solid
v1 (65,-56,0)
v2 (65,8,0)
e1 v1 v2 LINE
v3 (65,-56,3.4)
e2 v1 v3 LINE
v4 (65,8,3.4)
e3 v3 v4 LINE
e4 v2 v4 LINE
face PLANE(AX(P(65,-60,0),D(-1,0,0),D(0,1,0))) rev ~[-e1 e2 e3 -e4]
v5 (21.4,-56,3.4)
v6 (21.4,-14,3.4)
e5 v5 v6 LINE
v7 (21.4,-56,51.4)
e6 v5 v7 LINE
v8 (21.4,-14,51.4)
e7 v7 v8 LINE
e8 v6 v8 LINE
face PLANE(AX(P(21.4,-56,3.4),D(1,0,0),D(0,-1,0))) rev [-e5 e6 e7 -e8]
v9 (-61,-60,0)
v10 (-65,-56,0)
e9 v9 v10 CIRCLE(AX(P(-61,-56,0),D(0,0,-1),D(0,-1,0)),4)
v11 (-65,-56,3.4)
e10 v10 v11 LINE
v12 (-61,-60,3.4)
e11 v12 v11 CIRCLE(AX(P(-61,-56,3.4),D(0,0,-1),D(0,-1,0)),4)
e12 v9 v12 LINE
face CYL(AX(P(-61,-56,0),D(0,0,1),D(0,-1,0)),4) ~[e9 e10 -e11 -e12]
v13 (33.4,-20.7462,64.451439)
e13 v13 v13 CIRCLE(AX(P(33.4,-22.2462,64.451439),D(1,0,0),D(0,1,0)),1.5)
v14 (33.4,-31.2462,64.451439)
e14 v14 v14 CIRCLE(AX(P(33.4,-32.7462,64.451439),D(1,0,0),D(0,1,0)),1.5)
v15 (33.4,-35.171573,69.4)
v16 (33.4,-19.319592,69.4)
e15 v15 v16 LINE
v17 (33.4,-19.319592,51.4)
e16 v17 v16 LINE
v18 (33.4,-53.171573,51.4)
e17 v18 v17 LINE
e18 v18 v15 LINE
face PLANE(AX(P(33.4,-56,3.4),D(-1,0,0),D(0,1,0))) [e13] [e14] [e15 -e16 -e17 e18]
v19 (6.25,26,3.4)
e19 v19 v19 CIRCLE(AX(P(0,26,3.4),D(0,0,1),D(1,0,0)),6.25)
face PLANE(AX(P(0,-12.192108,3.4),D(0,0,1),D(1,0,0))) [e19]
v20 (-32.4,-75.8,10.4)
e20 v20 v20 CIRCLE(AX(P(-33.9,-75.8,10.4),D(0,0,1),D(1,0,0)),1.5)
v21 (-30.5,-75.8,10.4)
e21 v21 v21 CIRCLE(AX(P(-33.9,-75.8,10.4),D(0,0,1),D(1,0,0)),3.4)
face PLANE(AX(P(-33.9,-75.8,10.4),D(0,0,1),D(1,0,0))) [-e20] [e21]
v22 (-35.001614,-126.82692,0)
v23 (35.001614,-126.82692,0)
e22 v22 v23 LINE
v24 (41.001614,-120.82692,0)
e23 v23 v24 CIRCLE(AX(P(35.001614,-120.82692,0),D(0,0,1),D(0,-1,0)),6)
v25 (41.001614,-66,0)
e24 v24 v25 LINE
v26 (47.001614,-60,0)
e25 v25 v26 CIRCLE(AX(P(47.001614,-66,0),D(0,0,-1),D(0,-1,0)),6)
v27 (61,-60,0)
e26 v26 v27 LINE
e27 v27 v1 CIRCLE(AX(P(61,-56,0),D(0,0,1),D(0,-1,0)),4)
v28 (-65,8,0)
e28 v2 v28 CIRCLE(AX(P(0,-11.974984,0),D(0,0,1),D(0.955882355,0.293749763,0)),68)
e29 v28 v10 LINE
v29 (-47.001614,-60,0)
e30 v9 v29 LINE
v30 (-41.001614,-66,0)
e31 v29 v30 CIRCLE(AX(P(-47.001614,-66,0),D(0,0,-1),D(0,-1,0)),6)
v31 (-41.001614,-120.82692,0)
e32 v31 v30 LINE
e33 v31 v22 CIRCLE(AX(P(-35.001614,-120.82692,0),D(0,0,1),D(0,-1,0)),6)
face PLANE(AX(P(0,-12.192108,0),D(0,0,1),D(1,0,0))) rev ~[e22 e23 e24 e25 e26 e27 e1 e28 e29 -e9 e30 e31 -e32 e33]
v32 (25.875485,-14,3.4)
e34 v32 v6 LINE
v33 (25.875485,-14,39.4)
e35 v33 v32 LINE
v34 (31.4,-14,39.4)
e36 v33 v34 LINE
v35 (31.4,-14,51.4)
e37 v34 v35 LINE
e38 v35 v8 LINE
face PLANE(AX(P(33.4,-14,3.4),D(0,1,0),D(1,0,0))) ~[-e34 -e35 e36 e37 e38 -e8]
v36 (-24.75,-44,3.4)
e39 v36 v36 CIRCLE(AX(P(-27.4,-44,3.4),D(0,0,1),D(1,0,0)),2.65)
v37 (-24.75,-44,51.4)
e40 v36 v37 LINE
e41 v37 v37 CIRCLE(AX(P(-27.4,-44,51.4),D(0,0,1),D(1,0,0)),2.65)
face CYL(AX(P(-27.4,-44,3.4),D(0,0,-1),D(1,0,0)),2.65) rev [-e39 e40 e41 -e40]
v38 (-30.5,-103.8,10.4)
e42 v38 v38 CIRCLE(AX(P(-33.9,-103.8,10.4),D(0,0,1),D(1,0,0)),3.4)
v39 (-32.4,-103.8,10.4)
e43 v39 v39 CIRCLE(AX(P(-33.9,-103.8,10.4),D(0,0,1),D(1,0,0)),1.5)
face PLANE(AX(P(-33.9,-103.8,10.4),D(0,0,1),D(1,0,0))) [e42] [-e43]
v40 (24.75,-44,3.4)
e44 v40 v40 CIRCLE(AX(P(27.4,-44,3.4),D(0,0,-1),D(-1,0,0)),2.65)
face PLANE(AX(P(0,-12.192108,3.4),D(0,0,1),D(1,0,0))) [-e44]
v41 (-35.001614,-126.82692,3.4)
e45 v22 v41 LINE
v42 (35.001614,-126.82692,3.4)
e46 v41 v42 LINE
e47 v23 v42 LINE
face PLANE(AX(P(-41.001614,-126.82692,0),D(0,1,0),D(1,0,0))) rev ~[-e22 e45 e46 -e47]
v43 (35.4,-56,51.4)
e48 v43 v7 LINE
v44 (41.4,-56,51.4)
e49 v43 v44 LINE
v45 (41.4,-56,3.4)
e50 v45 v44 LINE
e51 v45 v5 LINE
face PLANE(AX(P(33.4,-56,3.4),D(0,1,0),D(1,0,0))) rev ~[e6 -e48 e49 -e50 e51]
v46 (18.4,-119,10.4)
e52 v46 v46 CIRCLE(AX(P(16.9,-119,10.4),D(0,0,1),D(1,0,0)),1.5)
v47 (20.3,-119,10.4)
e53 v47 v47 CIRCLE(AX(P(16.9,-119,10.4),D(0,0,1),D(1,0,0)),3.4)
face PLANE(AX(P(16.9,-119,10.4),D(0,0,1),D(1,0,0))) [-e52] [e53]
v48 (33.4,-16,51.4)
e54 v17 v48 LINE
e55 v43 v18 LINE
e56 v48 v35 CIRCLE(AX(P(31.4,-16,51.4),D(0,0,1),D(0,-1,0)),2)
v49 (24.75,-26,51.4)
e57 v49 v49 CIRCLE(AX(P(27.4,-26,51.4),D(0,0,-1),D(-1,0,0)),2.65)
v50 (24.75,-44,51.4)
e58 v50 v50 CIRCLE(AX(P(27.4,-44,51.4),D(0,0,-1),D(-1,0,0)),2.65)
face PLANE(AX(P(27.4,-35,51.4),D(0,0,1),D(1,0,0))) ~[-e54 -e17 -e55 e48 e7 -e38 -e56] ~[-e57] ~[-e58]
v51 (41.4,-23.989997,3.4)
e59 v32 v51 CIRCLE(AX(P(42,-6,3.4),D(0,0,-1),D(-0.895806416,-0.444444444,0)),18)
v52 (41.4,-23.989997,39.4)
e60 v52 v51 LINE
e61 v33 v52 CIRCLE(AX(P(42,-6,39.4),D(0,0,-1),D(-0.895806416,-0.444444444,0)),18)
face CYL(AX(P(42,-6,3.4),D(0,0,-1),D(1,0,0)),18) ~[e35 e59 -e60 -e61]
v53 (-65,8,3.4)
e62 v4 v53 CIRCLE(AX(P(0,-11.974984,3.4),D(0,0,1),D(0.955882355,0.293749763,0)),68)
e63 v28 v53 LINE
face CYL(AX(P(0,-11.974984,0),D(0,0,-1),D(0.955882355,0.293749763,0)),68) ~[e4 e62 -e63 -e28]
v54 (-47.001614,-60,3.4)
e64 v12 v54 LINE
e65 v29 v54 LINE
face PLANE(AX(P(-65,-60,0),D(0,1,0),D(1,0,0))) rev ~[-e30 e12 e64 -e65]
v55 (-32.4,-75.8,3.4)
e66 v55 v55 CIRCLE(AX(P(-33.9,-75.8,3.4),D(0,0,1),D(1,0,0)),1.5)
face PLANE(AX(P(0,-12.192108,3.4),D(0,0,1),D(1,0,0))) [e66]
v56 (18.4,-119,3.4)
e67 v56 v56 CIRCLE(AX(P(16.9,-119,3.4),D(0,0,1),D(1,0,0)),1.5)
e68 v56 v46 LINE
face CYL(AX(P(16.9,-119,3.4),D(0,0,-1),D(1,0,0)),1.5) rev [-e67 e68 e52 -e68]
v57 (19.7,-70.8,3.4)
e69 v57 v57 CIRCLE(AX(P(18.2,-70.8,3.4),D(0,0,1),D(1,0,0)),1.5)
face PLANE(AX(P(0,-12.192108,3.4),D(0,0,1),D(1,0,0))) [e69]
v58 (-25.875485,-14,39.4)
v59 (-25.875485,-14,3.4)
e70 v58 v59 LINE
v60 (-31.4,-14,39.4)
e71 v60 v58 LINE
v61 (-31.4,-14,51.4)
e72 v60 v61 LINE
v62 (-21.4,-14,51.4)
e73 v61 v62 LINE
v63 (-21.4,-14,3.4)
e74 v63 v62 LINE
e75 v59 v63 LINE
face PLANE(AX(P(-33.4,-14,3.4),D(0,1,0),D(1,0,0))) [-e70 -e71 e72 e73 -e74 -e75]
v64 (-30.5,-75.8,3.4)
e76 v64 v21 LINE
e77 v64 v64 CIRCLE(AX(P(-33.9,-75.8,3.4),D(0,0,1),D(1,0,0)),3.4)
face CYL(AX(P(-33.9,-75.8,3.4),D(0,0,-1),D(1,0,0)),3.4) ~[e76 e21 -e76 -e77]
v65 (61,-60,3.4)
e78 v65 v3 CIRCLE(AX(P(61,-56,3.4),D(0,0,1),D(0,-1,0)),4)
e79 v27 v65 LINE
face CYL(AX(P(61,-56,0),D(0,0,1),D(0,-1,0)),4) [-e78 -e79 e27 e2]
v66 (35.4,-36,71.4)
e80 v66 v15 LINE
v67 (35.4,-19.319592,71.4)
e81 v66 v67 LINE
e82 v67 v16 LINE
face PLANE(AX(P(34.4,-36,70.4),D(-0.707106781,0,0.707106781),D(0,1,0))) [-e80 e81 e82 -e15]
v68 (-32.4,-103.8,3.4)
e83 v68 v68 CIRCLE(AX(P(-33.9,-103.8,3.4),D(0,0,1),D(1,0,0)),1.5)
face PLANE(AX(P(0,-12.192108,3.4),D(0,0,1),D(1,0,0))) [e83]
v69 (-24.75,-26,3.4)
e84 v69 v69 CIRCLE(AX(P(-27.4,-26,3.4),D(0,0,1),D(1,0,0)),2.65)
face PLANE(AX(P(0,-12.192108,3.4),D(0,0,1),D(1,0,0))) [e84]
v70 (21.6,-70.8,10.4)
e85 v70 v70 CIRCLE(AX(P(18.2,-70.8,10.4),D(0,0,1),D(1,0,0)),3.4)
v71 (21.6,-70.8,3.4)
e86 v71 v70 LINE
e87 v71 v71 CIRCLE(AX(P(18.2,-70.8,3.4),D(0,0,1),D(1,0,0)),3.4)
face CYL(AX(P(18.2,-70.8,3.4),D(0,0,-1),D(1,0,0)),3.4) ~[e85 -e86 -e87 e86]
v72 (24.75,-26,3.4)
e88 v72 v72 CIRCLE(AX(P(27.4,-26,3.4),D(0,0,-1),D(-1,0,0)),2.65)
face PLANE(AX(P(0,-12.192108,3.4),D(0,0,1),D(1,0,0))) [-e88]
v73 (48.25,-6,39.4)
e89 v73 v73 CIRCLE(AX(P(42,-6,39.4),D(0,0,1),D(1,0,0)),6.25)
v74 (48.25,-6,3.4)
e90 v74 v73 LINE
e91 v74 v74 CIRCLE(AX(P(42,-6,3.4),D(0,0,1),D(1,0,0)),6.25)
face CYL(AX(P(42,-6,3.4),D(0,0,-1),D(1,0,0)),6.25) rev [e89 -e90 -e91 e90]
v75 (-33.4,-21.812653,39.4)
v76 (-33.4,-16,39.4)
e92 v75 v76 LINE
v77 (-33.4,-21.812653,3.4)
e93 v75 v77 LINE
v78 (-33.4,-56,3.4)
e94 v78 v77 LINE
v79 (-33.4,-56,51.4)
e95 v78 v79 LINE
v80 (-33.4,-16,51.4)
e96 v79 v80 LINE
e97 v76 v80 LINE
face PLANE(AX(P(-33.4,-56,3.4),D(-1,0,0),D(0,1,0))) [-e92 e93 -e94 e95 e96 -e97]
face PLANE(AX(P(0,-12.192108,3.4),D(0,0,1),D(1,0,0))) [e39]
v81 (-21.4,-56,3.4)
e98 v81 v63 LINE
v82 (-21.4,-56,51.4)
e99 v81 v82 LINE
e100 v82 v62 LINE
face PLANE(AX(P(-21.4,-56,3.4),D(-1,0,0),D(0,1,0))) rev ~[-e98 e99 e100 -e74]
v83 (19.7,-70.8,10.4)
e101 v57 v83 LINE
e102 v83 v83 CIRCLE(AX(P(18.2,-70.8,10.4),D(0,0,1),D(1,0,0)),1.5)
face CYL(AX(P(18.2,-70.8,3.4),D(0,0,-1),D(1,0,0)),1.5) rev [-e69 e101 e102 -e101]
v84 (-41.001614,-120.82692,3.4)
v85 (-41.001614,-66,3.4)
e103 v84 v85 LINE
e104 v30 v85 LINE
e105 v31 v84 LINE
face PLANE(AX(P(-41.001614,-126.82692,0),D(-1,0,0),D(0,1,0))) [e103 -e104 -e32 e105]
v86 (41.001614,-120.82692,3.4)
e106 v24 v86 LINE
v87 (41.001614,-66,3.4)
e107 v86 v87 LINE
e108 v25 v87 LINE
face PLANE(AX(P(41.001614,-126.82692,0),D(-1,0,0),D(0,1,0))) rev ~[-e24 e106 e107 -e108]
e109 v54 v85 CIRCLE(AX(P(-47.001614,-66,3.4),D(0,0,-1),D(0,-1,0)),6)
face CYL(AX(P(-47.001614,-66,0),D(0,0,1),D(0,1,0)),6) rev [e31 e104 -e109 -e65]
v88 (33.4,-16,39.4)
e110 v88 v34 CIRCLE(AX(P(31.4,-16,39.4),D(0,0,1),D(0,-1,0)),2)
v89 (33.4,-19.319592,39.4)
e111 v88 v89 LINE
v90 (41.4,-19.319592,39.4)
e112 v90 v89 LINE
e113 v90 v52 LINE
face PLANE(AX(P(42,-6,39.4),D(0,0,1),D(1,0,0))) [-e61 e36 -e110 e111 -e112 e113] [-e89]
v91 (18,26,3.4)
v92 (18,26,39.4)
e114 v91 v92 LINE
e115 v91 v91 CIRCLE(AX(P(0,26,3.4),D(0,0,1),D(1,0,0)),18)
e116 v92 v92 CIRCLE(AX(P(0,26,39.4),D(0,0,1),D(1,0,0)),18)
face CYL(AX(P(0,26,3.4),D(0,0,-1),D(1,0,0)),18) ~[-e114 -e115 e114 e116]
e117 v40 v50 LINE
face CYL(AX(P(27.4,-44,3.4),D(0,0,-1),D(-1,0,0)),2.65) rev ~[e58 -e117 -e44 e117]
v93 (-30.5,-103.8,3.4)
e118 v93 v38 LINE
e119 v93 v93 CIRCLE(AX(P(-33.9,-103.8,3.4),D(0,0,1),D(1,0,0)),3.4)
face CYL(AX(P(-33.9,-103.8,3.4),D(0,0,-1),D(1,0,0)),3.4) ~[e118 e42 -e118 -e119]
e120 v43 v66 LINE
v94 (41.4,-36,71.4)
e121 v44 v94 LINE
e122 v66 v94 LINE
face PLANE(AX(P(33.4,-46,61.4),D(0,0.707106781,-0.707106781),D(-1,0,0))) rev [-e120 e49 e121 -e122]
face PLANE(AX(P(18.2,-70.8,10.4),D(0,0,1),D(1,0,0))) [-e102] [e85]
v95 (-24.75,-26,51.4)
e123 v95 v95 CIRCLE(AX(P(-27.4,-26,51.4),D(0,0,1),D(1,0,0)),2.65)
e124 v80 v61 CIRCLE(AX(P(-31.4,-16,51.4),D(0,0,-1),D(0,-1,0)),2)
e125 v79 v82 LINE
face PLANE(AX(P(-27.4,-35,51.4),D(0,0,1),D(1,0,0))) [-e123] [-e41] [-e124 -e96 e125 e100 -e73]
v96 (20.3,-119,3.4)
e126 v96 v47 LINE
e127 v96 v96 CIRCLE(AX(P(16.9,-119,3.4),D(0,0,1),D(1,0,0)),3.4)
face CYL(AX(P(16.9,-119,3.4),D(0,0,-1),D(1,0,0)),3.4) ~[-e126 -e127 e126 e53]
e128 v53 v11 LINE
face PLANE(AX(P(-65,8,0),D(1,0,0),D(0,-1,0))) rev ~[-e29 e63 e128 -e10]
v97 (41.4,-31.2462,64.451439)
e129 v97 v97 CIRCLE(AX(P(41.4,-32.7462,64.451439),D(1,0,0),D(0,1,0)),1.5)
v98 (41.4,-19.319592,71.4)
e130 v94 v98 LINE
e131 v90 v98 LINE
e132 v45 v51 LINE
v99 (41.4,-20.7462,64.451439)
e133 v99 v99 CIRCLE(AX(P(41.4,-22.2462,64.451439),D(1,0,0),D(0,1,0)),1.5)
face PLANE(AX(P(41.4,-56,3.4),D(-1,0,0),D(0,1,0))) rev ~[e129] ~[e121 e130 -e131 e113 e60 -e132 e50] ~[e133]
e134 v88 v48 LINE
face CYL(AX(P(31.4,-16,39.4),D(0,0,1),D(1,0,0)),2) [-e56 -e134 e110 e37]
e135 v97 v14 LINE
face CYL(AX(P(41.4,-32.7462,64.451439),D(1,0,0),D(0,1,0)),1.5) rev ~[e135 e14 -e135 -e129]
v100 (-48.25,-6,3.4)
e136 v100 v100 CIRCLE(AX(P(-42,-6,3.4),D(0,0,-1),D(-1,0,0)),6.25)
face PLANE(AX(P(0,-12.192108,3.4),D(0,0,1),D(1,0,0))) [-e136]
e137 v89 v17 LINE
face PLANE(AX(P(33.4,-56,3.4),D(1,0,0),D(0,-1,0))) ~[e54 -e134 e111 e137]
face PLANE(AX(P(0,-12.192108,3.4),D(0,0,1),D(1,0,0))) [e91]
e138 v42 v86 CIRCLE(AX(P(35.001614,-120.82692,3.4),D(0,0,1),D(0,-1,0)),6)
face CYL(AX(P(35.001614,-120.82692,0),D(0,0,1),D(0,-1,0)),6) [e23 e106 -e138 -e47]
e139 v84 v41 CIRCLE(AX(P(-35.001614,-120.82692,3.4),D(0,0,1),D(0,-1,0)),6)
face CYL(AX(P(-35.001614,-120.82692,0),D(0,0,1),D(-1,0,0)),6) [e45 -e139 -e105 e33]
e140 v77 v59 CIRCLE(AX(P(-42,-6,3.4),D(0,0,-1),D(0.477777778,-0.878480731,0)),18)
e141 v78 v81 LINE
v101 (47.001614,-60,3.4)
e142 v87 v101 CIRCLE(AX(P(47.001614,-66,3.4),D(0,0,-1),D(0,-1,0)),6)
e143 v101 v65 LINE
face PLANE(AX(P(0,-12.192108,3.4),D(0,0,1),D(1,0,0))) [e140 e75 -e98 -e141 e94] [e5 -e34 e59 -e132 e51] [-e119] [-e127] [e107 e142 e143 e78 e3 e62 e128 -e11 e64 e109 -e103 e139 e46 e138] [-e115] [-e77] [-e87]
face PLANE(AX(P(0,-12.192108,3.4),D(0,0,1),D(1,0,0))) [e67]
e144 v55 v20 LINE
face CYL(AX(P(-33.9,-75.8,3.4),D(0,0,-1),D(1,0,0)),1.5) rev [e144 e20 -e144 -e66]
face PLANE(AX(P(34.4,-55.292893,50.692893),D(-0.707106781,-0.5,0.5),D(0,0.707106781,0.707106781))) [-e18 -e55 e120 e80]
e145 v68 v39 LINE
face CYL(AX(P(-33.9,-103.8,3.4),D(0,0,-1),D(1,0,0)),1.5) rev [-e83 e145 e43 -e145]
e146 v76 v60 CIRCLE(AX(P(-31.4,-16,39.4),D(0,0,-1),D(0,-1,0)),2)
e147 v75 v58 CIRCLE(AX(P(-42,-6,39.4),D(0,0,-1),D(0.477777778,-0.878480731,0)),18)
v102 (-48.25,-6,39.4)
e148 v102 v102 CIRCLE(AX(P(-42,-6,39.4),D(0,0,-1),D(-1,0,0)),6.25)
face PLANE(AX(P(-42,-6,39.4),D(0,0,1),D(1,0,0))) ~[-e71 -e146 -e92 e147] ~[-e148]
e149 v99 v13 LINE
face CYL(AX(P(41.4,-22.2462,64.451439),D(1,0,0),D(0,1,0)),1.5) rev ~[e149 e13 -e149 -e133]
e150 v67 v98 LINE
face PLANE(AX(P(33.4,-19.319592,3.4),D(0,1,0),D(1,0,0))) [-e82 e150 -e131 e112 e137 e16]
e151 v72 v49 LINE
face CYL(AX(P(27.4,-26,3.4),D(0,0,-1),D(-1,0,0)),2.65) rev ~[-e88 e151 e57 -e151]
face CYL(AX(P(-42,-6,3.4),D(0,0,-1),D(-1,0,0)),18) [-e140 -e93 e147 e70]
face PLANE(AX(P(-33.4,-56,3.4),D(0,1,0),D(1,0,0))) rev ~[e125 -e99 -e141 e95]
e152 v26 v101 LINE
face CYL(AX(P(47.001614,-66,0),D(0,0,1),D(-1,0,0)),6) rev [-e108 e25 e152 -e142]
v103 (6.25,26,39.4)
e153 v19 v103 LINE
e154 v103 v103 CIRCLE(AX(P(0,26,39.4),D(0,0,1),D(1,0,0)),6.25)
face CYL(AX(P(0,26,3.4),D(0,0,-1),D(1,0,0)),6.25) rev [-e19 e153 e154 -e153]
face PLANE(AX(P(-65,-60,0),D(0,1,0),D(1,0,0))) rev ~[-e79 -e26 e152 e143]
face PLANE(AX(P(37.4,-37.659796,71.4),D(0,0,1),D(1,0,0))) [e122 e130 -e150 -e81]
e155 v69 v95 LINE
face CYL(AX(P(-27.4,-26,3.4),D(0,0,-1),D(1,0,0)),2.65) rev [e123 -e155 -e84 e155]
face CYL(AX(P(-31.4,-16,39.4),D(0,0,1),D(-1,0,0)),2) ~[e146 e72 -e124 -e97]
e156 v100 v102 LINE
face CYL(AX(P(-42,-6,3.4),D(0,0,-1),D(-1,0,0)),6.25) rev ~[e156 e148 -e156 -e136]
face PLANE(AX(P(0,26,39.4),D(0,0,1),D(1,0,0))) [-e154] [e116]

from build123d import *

# Parameters (mm, degrees)
PAD_DEPTH       = 3.4
FILLET_R        = 4
SKETCH001_R     = 18
SKETCH001_R_2   = 6.25
PAD001_DEPTH    = 36
SKETCH002_W     = 12
SKETCH002_H     = 42
SKETCH002_R     = 2.65
PAD002_DEPTH    = 48
FILLET002_R     = 2
SKETCH004_W     = 8
SKETCH004_H     = 36.680408
PAD010_DEPTH    = 68
CHAMFER_SIZE    = 20
CHAMFER001_SIZE = 2
SKETCH005_R     = 1.5
POCKET_DEPTH    = 10
SKETCH007_R     = 18
SKETCH007_R_2   = 6.25
PAD012_DEPTH    = 36
SKETCH008_W     = 82.003228
SKETCH008_H     = 66.82692
PAD013_DEPTH    = 3.4
SKETCH009_R     = 3.4
SKETCH009_R_2   = 1.5
PAD014_DEPTH    = 7
FILLET004_R     = 6


with BuildPart() as part:
    # Sketch → Pad (new body)
    with BuildSketch(Plane.XY):
        with BuildLine():
            Line((-65, 0), (-65, -60))
            Line((-65, -60), (65, -60))
            Line((65, -60), (65, 0))
            Line((65, 8), (65, 0))
            ThreePointArc((65, 8), (0, 56.025016), (-65, 8))
            Line((-65, 0), (-65, 8))
        make_face()
    extrude(amount=PAD_DEPTH)

    # Fillet
    fillet_edges = [part.edges().sort_by_distance(p)[0] for p in [
        (65, -60, 1.7),
        (-65, -60, 1.7),
    ]]
    fillet(fillet_edges, radius=FILLET_R)

    # Sketch001 (on Face8 of Pad) → Pad001 (join)
    with BuildSketch(Plane.XY.offset(3.4)):
        with Locations((42, -6)):
            Circle(SKETCH001_R)
        with Locations((42, -6)):
            Circle(SKETCH001_R_2, mode=Mode.SUBTRACT)
    pad001 = extrude(amount=PAD001_DEPTH)

    # Mirrored: Pad001 across YZ
    add(pad001.mirror(Plane.YZ))

    # Sketch002 (on Face5 of Mirrored) → Pad002 (join)
    with BuildSketch(Plane.XY.offset(3.4)):
        with Locations((-27.4, -35)):
            Rectangle(SKETCH002_W, SKETCH002_H)
        with Locations((-27.4, -26)):
            Circle(SKETCH002_R, mode=Mode.SUBTRACT)
        with Locations((-27.4, -44)):
            Circle(SKETCH002_R, mode=Mode.SUBTRACT)
    pad002 = extrude(amount=PAD002_DEPTH)

    # Mirrored001: Pad002 across Sketch002 V_Axis
    add(pad002.mirror(Plane(origin=(0, 0, 3.4), x_dir=(0, 0, 1), z_dir=(1, 0, 0))))

    # Fillet002
    fillet002_edges = [part.edges().sort_by_distance(p)[0] for p in [
        (-33.4, -14, 45.4),
        (33.4, -14, 45.4),
    ]]
    fillet(fillet002_edges, radius=FILLET002_R)

    # Sketch004 (on Face6 of Fillet002) → Pad010 (join)
    with BuildSketch(Plane.XY.offset(3.4)):
        with Locations((37.4, -37.659796)):
            Rectangle(SKETCH004_W, SKETCH004_H)
    extrude(amount=PAD010_DEPTH)

    # Chamfer
    chamfer_edges = [part.edges().sort_by_distance(p)[0] for p in [
        (37.4, -56, 71.4),
    ]]
    chamfer(chamfer_edges, length=CHAMFER_SIZE)

    # Chamfer001
    chamfer001_edges = [part.edges().sort_by_distance(p)[0] for p in [
        (33.4, -46, 61.4),
        (33.4, -27.659796, 71.4),
    ]]
    chamfer(chamfer001_edges, length=CHAMFER001_SIZE)

    # Sketch005 (on Face4 of Chamfer001) → Pocket (cut)
    with BuildSketch(Plane.YZ.offset(41.4)):
        with Locations((-32.7462, 64.451439)):
            Circle(SKETCH005_R)
        with Locations((-22.2462, 64.451439)):
            Circle(SKETCH005_R)
    extrude(amount=-POCKET_DEPTH, mode=Mode.SUBTRACT)

    # Sketch007 (on Face6 of Pocket) → Pad012 (join)
    with BuildSketch(Plane.XY.offset(3.4)):
        with Locations((0, 26)):
            Circle(SKETCH007_R)
        with Locations((0, 26)):
            Circle(SKETCH007_R_2, mode=Mode.SUBTRACT)
    extrude(amount=PAD012_DEPTH)

    # Sketch008 → Pad013 (join)
    with BuildSketch(Plane.XY):
        with Locations((0, -93.41346)):
            Rectangle(SKETCH008_W, SKETCH008_H)
    extrude(amount=PAD013_DEPTH)

    # Sketch009 (on Face21 of Pad013) → Pad014 (join)
    with BuildSketch(Plane.XY.offset(3.4)):
        with Locations((16.9, -119)):
            Circle(SKETCH009_R)
        with Locations((16.9, -119)):
            Circle(SKETCH009_R_2, mode=Mode.SUBTRACT)
        with Locations((-33.9, -103.8)):
            Circle(SKETCH009_R)
        with Locations((-33.9, -103.8)):
            Circle(SKETCH009_R_2, mode=Mode.SUBTRACT)
        with Locations((-33.9, -75.8)):
            Circle(SKETCH009_R)
        with Locations((-33.9, -75.8)):
            Circle(SKETCH009_R_2, mode=Mode.SUBTRACT)
        with Locations((18.2, -70.8)):
            Circle(SKETCH009_R)
        with Locations((18.2, -70.8)):
            Circle(SKETCH009_R_2, mode=Mode.SUBTRACT)
    extrude(amount=PAD014_DEPTH)

    # Fillet004
    fillet004_edges = [part.edges().sort_by_distance(p)[0] for p in [
        (-41.001614, -60, 1.7),
        (41.001614, -60, 1.7),
        (-41.001614, -126.82692, 1.7),
        (41.001614, -126.82692, 1.7),
    ]]
    fillet(fillet004_edges, radius=FILLET004_R)


solid = part.part
